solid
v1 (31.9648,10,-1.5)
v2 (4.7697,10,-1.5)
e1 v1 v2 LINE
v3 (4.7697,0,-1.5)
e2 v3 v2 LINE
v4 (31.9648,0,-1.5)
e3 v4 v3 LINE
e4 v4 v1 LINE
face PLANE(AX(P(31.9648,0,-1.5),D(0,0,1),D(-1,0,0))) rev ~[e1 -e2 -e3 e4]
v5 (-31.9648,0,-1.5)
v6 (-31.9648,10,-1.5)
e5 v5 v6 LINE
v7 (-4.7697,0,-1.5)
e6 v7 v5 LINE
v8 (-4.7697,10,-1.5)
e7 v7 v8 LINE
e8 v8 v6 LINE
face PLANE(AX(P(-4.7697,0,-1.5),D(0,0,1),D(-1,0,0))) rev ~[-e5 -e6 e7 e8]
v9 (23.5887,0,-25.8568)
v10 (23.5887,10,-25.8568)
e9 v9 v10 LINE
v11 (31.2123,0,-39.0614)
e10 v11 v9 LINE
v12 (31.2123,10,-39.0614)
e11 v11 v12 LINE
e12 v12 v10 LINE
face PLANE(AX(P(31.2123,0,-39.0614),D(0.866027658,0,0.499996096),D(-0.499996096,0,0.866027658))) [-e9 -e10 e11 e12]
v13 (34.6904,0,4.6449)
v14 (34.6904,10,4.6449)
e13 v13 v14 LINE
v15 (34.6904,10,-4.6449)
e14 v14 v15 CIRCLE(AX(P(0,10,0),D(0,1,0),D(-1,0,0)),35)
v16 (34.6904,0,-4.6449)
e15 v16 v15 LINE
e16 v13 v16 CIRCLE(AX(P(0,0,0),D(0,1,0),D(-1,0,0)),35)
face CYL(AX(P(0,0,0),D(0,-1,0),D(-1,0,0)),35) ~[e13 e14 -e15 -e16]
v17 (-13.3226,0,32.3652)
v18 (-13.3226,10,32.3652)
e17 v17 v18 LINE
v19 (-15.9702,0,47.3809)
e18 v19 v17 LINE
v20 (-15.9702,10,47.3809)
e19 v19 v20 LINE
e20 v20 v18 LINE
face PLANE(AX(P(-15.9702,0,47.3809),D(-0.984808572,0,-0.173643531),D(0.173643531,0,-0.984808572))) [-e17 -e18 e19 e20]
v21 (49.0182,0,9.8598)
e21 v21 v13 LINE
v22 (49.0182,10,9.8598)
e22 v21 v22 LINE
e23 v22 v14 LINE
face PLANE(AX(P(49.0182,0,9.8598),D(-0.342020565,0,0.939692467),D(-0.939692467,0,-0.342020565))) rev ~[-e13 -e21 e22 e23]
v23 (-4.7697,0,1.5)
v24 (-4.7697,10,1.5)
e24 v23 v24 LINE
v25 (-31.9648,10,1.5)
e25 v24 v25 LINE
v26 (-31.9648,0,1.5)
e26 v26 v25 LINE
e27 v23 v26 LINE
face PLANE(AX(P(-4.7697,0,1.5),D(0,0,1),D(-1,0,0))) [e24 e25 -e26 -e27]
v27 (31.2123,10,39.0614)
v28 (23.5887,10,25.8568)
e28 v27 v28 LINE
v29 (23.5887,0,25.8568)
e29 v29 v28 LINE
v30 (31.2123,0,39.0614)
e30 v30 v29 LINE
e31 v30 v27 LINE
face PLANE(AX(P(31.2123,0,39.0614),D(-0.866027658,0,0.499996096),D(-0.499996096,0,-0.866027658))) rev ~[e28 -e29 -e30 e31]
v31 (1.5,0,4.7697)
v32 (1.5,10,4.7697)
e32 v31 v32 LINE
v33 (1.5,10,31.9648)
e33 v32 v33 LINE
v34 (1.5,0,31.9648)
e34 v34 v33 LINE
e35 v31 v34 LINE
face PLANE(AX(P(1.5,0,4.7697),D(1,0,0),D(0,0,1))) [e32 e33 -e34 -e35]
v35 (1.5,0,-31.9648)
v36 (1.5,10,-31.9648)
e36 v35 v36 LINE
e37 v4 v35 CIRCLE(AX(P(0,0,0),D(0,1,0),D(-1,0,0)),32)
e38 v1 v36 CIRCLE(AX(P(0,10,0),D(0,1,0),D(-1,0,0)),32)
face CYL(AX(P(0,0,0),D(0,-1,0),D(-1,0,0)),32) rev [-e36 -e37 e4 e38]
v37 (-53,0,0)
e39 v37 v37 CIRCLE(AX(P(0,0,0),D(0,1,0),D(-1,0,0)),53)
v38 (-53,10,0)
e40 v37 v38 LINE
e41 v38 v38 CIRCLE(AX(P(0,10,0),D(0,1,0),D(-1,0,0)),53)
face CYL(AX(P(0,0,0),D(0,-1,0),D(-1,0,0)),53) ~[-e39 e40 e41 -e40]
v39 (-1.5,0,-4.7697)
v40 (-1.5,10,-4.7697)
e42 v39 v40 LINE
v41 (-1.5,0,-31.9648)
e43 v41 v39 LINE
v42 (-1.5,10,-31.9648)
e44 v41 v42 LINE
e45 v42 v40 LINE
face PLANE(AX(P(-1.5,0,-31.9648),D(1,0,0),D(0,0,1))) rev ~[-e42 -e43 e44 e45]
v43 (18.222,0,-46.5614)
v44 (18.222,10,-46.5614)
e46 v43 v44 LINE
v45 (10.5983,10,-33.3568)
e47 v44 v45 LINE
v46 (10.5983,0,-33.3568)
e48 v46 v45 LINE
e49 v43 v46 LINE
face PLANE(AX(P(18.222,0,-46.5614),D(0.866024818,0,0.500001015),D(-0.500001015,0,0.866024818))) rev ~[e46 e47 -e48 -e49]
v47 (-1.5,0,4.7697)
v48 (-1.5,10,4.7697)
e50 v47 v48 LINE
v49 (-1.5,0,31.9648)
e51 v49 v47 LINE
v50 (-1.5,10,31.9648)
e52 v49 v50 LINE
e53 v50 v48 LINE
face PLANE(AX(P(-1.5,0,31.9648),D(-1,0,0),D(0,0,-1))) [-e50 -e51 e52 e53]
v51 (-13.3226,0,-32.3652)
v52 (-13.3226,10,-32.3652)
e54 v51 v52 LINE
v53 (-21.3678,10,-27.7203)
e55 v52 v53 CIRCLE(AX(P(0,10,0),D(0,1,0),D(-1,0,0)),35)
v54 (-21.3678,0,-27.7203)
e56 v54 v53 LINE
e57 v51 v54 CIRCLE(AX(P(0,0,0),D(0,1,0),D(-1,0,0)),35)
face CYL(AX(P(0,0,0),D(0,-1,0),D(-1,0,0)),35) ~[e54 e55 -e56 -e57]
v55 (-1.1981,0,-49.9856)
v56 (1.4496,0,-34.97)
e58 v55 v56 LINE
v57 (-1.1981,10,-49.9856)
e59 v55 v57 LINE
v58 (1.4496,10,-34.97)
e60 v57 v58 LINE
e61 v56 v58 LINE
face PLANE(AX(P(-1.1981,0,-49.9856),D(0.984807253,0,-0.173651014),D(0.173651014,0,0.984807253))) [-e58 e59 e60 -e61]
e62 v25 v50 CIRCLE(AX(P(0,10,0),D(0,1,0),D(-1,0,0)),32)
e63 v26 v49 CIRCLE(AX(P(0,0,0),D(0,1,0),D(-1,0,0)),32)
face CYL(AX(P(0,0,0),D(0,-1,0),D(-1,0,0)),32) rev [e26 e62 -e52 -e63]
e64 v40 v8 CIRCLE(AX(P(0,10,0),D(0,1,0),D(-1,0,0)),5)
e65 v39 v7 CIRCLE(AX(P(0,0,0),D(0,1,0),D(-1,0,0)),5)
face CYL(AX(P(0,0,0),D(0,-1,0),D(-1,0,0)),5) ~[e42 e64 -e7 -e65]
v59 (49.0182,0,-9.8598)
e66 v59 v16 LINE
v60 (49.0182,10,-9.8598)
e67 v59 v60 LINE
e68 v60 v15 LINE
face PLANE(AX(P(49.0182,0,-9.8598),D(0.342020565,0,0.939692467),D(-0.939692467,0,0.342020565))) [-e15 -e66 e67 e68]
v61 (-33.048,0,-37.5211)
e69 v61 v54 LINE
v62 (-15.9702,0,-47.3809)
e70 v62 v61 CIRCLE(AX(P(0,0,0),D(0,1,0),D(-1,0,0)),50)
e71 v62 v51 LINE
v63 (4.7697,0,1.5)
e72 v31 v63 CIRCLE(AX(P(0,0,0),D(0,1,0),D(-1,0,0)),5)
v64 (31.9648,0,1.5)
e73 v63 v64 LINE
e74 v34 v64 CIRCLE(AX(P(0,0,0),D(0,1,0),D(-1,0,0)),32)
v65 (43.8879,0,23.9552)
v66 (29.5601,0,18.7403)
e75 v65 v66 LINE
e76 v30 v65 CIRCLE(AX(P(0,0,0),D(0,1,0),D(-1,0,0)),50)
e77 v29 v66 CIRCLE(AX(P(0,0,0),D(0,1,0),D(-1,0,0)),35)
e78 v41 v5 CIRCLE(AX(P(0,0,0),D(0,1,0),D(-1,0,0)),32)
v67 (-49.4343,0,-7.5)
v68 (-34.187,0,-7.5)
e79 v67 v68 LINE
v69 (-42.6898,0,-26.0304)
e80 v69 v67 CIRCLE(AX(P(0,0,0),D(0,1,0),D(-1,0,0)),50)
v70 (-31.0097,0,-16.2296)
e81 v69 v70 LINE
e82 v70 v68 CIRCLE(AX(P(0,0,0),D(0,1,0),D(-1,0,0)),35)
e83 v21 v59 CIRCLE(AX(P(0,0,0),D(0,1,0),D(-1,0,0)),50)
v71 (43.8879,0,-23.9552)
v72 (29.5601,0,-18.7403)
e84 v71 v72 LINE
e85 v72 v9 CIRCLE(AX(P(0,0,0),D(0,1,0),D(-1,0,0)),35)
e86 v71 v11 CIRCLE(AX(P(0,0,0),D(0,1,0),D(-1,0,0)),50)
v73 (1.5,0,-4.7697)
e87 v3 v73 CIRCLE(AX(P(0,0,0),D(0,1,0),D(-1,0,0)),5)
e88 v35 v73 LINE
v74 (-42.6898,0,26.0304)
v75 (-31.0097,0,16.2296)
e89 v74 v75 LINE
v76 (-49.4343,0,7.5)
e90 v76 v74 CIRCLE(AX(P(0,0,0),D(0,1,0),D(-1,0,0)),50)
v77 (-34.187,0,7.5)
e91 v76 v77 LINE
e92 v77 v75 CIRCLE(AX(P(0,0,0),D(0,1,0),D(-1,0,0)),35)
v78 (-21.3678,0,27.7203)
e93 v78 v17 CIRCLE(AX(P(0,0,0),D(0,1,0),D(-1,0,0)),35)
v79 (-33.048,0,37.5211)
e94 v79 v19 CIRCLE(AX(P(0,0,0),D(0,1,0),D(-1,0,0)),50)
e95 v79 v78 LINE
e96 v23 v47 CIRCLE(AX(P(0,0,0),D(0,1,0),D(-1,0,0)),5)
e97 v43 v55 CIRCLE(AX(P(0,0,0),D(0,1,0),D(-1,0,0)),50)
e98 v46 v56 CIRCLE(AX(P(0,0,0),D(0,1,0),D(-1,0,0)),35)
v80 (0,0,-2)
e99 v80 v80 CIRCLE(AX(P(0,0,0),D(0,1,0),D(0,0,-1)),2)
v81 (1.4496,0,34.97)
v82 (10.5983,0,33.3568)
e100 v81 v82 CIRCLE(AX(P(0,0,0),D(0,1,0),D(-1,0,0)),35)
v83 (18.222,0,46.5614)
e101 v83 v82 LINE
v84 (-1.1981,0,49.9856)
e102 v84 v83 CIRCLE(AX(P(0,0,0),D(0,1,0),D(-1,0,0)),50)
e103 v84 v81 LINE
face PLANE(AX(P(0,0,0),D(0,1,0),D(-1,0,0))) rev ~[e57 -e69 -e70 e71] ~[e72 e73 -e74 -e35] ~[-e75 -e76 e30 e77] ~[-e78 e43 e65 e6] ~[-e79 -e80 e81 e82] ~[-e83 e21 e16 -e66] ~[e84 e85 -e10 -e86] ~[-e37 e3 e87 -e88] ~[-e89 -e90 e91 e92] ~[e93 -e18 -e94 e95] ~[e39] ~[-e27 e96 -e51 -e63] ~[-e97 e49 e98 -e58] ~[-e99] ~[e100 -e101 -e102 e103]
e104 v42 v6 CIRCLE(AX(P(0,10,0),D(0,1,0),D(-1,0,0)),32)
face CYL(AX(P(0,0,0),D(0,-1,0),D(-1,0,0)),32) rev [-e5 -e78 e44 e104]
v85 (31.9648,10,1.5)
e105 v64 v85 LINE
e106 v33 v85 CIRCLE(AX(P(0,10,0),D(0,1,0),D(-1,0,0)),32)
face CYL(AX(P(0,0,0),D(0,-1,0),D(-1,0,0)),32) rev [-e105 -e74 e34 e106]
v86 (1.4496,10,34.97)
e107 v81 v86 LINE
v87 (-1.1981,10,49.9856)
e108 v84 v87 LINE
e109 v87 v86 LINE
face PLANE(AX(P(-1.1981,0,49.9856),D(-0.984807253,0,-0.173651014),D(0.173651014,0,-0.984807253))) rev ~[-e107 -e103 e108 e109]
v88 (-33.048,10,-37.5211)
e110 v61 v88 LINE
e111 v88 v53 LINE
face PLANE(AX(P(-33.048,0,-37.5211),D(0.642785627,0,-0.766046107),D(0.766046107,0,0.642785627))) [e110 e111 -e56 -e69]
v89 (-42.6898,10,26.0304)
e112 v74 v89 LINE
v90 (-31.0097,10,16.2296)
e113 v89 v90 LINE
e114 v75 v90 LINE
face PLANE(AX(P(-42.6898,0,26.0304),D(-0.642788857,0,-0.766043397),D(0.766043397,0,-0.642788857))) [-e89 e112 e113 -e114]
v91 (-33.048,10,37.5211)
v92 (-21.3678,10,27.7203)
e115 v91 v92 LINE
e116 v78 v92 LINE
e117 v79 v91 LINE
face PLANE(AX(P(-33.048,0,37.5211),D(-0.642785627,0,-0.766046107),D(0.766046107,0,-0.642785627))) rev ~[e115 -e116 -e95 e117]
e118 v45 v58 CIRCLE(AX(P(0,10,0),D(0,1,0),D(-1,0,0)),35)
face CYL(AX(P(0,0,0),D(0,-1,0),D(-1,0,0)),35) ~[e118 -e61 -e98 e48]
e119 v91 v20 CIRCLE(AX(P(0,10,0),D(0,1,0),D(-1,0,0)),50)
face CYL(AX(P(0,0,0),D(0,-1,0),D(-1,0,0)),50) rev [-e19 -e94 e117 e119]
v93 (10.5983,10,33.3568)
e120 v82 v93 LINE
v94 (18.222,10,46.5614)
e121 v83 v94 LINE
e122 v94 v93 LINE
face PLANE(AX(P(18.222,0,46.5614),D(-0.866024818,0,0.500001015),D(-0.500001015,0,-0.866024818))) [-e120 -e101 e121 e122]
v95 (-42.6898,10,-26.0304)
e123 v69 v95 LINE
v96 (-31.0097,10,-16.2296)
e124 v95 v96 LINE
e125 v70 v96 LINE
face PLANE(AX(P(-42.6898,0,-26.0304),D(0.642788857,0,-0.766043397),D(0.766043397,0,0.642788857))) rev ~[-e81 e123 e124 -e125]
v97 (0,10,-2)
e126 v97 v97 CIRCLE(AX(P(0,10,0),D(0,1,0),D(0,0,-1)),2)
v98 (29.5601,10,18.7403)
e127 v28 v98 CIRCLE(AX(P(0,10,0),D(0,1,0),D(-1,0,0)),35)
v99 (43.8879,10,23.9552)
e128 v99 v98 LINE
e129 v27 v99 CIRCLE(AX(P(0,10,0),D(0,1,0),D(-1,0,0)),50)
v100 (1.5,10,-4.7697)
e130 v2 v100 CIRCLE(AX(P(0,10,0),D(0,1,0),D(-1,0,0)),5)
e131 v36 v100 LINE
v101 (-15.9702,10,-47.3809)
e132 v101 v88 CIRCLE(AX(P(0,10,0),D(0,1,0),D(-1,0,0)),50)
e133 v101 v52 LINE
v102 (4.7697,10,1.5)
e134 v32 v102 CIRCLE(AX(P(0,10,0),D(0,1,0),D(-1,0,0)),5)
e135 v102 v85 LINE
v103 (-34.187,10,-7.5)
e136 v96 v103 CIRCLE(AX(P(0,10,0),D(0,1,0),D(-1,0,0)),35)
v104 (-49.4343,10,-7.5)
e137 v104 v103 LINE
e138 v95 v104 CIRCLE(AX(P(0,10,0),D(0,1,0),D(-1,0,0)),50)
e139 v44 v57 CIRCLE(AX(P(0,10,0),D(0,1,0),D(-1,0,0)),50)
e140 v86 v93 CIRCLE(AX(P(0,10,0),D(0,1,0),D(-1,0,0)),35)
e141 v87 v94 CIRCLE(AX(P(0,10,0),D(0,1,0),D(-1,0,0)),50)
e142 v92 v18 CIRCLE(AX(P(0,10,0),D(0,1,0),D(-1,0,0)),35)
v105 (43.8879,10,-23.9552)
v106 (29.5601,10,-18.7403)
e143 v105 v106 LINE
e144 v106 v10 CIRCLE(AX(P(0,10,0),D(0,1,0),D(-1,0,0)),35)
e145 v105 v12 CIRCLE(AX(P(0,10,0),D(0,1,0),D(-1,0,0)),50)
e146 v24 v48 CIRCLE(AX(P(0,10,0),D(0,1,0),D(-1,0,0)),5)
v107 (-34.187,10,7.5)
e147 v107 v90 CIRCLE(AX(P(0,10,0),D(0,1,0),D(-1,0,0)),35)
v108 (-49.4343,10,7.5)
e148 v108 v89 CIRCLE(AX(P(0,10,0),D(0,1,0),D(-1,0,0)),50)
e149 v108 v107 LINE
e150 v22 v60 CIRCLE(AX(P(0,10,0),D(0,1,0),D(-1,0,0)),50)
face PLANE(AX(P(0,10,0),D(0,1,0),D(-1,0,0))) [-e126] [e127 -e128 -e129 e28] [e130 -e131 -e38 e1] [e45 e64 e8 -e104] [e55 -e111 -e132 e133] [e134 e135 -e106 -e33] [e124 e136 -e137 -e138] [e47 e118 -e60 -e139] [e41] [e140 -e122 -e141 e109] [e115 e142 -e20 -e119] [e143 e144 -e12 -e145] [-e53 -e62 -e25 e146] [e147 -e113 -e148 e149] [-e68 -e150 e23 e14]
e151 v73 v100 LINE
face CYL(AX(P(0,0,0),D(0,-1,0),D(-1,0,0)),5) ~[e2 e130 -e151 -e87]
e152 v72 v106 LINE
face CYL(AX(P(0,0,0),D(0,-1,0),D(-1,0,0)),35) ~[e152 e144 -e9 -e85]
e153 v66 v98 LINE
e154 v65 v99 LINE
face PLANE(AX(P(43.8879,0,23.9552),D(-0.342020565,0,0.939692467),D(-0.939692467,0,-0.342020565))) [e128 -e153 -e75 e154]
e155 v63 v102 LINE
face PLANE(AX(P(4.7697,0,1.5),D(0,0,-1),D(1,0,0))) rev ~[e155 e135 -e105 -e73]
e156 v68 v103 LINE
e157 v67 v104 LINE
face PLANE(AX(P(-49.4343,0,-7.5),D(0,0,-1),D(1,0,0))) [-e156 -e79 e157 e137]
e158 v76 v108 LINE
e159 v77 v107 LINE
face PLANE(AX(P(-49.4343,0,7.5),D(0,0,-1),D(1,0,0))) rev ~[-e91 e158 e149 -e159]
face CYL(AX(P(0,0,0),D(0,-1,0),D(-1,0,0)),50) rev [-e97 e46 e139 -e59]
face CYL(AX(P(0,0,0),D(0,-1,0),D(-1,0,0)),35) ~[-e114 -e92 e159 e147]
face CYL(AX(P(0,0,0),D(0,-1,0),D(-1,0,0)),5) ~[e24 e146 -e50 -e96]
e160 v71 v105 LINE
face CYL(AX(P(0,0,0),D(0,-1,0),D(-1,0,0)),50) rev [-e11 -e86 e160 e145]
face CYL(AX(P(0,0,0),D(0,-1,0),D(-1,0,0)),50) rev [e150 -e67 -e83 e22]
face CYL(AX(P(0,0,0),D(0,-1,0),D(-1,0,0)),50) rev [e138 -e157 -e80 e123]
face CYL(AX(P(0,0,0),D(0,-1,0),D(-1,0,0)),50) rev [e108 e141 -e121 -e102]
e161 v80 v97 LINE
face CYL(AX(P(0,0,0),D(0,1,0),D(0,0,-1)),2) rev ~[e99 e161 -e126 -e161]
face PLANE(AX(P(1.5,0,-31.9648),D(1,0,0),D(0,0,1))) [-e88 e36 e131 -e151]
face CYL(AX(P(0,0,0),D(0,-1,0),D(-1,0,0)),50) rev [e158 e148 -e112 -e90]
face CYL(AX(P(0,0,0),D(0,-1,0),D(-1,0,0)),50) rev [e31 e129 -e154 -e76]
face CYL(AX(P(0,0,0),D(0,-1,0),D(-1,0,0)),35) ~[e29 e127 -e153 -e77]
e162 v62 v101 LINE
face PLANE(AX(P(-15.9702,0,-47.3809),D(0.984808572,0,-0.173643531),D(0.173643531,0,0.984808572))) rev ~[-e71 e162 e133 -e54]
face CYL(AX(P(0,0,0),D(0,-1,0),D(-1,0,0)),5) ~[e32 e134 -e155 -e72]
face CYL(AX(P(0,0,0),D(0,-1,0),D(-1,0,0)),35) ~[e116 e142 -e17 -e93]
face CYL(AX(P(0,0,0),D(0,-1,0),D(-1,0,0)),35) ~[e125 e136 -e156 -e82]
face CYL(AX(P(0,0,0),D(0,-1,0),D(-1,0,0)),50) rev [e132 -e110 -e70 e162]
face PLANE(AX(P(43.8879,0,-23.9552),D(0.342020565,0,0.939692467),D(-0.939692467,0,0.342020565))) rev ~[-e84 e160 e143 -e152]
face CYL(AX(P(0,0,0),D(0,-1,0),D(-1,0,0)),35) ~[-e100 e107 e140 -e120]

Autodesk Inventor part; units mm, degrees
ref_plane "YZ Plane" through (0, 0, 0) normal (1, 0, 0) x (0, 1, 0)
ref_plane "XZ Plane" through (0, 0, 0) normal (0, 1, 0) x (-1, 0, 0)
ref_plane "XY Plane" through (0, 0, 0) normal (0, 0, 1) x (1, 0, 0)
sketch "Sketch1" plane through (0, 0, 0) normal (0, 1, 0) x (-1, 0, 0)
  circle A0 centre (0, 0) radius 50
  circle A1 centre (0, 0) radius 35
  line L0 (49.4343, 7.5) -> (34.187, 7.5)
  line L1 (49.4343, -7.5) -> (34.187, -7.5)
  line L2 (41.8106, 7.5) -> (41.8106, -7.5) construction
  circle A2 centre (0, 0) radius 32
  line L3 (34.187, 7.5) -> (34.187, -7.5)
  line L4 (49.4343, 7.5) -> (49.4343, -7.5)
  line L5 (21.3678, 27.7203) -> (31.0097, 16.2296)
  line L6 (42.6898, 26.0304) -> (31.0097, 16.2296)
  line L7 (33.048, 37.5211) -> (42.6898, 26.0304)
  line L8 (33.048, 37.5211) -> (21.3678, 27.7203)
  line L9 (-1.4496, 34.97) -> (13.3226, 32.3652)
  line L10 (15.9702, 47.3809) -> (13.3226, 32.3652)
  line L11 (1.1981, 49.9856) -> (15.9702, 47.3809)
  line L12 (1.1981, 49.9856) -> (-1.4496, 34.97)
  line L13 (-23.5887, 25.8568) -> (-10.5983, 33.3568)
  line L14 (-18.222, 46.5614) -> (-10.5983, 33.3568)
  line L15 (-31.2123, 39.0614) -> (-18.222, 46.5614)
  line L16 (-31.2123, 39.0614) -> (-23.5887, 25.8568)
  line L17 (-34.6904, 4.6449) -> (-29.5601, 18.7403)
  line L18 (-43.8879, 23.9552) -> (-29.5601, 18.7403)
  line L19 (-49.0182, 9.8598) -> (-43.8879, 23.9552)
  line L20 (-49.0182, 9.8598) -> (-34.6904, 4.6449)
  line L21 (-29.5601, -18.7403) -> (-34.6904, -4.6449)
  line L22 (-49.0182, -9.8598) -> (-34.6904, -4.6449)
  line L23 (-43.8879, -23.9552) -> (-49.0182, -9.8598)
  line L24 (-43.8879, -23.9552) -> (-29.5601, -18.7403)
  line L25 (-10.5983, -33.3568) -> (-23.5887, -25.8568)
  line L26 (-31.2123, -39.0614) -> (-23.5887, -25.8568)
  line L27 (-18.222, -46.5614) -> (-31.2123, -39.0614)
  line L28 (-18.222, -46.5614) -> (-10.5983, -33.3568)
  line L29 (13.3226, -32.3652) -> (-1.4496, -34.97)
  line L30 (1.1981, -49.9856) -> (-1.4496, -34.97)
  line L31 (15.9702, -47.3809) -> (1.1981, -49.9856)
  line L32 (15.9702, -47.3809) -> (13.3226, -32.3652)
  line L33 (31.0097, -16.2296) -> (21.3678, -27.7203)
  line L34 (33.048, -37.5211) -> (21.3678, -27.7203)
  line L35 (42.6898, -26.0304) -> (33.048, -37.5211)
  line L36 (42.6898, -26.0304) -> (31.0097, -16.2296)
  circle A3 centre (0, 0) radius 53
  circle A4 centre (0, 0) radius 2
  circle A5 centre (0, 0) radius 5
  line L37 (1.5, -31.9648) -> (1.5, -4.7697)
  line L38 (-1.5, -31.9648) -> (-1.5, -4.7697)
  line L39 (1.5, -18.3673) -> (-1.5, -18.3673) construction
  line L40 (-31.9648, -1.5) -> (-4.7697, -1.5)
  line L41 (-4.7697, 1.5) -> (-31.9648, 1.5)
  line L42 (1.5, 31.9648) -> (1.5, 4.7697)
  line L43 (-1.5, 4.7697) -> (-1.5, 31.9648)
  line L44 (4.7697, -1.5) -> (31.9648, -1.5)
  line L45 (4.7697, 1.5) -> (31.9648, 1.5)
  line L46 (18.3673, -1.5) -> (18.3673, 1.5) construction
  line L47 (-1.5, 18.3673) -> (1.5, 18.3673) construction
  line L48 (-18.3673, 1.5) -> (-18.3673, -1.5) construction
  point P0 (41.8106, 0)
  point P1 (36.8497, 21.13)
  point P2 (27.2079, 32.6207)
  point P3 (14.6464, 39.8731)
  point P4 (-0.1257, 42.4778)
  point P5 (-14.4101, 39.9591)
  point P6 (-27.4005, 32.4591)
  point P7 (-36.724, 21.3478)
  point P8 (-41.8543, 7.2524)
  point P9 (-41.8543, -7.2524)
  point P10 (-36.724, -21.3478)
  point P11 (-27.4005, -32.4591)
  point P12 (-14.4101, -39.9591)
  point P13 (-0.1257, -42.4778)
  point P14 (14.6464, -39.8731)
  point P15 (27.2079, -32.6207)
  point P16 (36.8497, -21.13)
  point P17 (0, -18.3673)
  point P18 (-34.6904, -4.6449)
  dimension "d0" = 100
  dimension "d1" = 15
  dimension "d2" = 15
  dimension "d3" = 3
  dimension "d6" = 360
  dimension "d8" = 3
  dimension "d9" = 4
  dimension "d11" = 3
  dimension "d12" = 3
  dimension "d13" = 3
  dimension "d14" = 3
extrude "Extrusion1" add sketch "Sketch1" along normal blind 10 contours A0 L4 | L4 L1 A1 L0 | L7 A0 | L6 A1 L8 L7 | L3 A1 L33 L29 L25 L21 L17 L13 L9 L5 | A1 L3 | A0 L35 | L35 L34 A1 L36 | L5 A1 | A1 L33 | L11 A0 | L10 A1 L12 L11 | A0 L31 | L31 L30 A1 L32 | L9 A1 | A1 L29 | L15 A0 | L14 A1 L16 L15 | A0 L27 | L27 L26 A1 L28 | L13 A1 | A1 L25 | L19 A0 | L18 A1 L20 L19 | A0 L23 | L23 L22 A1 L24 | L17 A1 | A1 L21 | A2 L44 A5 L45 | L42 A5 L43 A2 | A5 | A2 L38 A5 L37 | L41 A5 L40 A2 | A3 | A4
hole "Hole1" at (0, 0, 0) direction (0, 1, 0) diameter 4 end through all
properties part number "Rueda_SENSORVEL_3DPrint"
